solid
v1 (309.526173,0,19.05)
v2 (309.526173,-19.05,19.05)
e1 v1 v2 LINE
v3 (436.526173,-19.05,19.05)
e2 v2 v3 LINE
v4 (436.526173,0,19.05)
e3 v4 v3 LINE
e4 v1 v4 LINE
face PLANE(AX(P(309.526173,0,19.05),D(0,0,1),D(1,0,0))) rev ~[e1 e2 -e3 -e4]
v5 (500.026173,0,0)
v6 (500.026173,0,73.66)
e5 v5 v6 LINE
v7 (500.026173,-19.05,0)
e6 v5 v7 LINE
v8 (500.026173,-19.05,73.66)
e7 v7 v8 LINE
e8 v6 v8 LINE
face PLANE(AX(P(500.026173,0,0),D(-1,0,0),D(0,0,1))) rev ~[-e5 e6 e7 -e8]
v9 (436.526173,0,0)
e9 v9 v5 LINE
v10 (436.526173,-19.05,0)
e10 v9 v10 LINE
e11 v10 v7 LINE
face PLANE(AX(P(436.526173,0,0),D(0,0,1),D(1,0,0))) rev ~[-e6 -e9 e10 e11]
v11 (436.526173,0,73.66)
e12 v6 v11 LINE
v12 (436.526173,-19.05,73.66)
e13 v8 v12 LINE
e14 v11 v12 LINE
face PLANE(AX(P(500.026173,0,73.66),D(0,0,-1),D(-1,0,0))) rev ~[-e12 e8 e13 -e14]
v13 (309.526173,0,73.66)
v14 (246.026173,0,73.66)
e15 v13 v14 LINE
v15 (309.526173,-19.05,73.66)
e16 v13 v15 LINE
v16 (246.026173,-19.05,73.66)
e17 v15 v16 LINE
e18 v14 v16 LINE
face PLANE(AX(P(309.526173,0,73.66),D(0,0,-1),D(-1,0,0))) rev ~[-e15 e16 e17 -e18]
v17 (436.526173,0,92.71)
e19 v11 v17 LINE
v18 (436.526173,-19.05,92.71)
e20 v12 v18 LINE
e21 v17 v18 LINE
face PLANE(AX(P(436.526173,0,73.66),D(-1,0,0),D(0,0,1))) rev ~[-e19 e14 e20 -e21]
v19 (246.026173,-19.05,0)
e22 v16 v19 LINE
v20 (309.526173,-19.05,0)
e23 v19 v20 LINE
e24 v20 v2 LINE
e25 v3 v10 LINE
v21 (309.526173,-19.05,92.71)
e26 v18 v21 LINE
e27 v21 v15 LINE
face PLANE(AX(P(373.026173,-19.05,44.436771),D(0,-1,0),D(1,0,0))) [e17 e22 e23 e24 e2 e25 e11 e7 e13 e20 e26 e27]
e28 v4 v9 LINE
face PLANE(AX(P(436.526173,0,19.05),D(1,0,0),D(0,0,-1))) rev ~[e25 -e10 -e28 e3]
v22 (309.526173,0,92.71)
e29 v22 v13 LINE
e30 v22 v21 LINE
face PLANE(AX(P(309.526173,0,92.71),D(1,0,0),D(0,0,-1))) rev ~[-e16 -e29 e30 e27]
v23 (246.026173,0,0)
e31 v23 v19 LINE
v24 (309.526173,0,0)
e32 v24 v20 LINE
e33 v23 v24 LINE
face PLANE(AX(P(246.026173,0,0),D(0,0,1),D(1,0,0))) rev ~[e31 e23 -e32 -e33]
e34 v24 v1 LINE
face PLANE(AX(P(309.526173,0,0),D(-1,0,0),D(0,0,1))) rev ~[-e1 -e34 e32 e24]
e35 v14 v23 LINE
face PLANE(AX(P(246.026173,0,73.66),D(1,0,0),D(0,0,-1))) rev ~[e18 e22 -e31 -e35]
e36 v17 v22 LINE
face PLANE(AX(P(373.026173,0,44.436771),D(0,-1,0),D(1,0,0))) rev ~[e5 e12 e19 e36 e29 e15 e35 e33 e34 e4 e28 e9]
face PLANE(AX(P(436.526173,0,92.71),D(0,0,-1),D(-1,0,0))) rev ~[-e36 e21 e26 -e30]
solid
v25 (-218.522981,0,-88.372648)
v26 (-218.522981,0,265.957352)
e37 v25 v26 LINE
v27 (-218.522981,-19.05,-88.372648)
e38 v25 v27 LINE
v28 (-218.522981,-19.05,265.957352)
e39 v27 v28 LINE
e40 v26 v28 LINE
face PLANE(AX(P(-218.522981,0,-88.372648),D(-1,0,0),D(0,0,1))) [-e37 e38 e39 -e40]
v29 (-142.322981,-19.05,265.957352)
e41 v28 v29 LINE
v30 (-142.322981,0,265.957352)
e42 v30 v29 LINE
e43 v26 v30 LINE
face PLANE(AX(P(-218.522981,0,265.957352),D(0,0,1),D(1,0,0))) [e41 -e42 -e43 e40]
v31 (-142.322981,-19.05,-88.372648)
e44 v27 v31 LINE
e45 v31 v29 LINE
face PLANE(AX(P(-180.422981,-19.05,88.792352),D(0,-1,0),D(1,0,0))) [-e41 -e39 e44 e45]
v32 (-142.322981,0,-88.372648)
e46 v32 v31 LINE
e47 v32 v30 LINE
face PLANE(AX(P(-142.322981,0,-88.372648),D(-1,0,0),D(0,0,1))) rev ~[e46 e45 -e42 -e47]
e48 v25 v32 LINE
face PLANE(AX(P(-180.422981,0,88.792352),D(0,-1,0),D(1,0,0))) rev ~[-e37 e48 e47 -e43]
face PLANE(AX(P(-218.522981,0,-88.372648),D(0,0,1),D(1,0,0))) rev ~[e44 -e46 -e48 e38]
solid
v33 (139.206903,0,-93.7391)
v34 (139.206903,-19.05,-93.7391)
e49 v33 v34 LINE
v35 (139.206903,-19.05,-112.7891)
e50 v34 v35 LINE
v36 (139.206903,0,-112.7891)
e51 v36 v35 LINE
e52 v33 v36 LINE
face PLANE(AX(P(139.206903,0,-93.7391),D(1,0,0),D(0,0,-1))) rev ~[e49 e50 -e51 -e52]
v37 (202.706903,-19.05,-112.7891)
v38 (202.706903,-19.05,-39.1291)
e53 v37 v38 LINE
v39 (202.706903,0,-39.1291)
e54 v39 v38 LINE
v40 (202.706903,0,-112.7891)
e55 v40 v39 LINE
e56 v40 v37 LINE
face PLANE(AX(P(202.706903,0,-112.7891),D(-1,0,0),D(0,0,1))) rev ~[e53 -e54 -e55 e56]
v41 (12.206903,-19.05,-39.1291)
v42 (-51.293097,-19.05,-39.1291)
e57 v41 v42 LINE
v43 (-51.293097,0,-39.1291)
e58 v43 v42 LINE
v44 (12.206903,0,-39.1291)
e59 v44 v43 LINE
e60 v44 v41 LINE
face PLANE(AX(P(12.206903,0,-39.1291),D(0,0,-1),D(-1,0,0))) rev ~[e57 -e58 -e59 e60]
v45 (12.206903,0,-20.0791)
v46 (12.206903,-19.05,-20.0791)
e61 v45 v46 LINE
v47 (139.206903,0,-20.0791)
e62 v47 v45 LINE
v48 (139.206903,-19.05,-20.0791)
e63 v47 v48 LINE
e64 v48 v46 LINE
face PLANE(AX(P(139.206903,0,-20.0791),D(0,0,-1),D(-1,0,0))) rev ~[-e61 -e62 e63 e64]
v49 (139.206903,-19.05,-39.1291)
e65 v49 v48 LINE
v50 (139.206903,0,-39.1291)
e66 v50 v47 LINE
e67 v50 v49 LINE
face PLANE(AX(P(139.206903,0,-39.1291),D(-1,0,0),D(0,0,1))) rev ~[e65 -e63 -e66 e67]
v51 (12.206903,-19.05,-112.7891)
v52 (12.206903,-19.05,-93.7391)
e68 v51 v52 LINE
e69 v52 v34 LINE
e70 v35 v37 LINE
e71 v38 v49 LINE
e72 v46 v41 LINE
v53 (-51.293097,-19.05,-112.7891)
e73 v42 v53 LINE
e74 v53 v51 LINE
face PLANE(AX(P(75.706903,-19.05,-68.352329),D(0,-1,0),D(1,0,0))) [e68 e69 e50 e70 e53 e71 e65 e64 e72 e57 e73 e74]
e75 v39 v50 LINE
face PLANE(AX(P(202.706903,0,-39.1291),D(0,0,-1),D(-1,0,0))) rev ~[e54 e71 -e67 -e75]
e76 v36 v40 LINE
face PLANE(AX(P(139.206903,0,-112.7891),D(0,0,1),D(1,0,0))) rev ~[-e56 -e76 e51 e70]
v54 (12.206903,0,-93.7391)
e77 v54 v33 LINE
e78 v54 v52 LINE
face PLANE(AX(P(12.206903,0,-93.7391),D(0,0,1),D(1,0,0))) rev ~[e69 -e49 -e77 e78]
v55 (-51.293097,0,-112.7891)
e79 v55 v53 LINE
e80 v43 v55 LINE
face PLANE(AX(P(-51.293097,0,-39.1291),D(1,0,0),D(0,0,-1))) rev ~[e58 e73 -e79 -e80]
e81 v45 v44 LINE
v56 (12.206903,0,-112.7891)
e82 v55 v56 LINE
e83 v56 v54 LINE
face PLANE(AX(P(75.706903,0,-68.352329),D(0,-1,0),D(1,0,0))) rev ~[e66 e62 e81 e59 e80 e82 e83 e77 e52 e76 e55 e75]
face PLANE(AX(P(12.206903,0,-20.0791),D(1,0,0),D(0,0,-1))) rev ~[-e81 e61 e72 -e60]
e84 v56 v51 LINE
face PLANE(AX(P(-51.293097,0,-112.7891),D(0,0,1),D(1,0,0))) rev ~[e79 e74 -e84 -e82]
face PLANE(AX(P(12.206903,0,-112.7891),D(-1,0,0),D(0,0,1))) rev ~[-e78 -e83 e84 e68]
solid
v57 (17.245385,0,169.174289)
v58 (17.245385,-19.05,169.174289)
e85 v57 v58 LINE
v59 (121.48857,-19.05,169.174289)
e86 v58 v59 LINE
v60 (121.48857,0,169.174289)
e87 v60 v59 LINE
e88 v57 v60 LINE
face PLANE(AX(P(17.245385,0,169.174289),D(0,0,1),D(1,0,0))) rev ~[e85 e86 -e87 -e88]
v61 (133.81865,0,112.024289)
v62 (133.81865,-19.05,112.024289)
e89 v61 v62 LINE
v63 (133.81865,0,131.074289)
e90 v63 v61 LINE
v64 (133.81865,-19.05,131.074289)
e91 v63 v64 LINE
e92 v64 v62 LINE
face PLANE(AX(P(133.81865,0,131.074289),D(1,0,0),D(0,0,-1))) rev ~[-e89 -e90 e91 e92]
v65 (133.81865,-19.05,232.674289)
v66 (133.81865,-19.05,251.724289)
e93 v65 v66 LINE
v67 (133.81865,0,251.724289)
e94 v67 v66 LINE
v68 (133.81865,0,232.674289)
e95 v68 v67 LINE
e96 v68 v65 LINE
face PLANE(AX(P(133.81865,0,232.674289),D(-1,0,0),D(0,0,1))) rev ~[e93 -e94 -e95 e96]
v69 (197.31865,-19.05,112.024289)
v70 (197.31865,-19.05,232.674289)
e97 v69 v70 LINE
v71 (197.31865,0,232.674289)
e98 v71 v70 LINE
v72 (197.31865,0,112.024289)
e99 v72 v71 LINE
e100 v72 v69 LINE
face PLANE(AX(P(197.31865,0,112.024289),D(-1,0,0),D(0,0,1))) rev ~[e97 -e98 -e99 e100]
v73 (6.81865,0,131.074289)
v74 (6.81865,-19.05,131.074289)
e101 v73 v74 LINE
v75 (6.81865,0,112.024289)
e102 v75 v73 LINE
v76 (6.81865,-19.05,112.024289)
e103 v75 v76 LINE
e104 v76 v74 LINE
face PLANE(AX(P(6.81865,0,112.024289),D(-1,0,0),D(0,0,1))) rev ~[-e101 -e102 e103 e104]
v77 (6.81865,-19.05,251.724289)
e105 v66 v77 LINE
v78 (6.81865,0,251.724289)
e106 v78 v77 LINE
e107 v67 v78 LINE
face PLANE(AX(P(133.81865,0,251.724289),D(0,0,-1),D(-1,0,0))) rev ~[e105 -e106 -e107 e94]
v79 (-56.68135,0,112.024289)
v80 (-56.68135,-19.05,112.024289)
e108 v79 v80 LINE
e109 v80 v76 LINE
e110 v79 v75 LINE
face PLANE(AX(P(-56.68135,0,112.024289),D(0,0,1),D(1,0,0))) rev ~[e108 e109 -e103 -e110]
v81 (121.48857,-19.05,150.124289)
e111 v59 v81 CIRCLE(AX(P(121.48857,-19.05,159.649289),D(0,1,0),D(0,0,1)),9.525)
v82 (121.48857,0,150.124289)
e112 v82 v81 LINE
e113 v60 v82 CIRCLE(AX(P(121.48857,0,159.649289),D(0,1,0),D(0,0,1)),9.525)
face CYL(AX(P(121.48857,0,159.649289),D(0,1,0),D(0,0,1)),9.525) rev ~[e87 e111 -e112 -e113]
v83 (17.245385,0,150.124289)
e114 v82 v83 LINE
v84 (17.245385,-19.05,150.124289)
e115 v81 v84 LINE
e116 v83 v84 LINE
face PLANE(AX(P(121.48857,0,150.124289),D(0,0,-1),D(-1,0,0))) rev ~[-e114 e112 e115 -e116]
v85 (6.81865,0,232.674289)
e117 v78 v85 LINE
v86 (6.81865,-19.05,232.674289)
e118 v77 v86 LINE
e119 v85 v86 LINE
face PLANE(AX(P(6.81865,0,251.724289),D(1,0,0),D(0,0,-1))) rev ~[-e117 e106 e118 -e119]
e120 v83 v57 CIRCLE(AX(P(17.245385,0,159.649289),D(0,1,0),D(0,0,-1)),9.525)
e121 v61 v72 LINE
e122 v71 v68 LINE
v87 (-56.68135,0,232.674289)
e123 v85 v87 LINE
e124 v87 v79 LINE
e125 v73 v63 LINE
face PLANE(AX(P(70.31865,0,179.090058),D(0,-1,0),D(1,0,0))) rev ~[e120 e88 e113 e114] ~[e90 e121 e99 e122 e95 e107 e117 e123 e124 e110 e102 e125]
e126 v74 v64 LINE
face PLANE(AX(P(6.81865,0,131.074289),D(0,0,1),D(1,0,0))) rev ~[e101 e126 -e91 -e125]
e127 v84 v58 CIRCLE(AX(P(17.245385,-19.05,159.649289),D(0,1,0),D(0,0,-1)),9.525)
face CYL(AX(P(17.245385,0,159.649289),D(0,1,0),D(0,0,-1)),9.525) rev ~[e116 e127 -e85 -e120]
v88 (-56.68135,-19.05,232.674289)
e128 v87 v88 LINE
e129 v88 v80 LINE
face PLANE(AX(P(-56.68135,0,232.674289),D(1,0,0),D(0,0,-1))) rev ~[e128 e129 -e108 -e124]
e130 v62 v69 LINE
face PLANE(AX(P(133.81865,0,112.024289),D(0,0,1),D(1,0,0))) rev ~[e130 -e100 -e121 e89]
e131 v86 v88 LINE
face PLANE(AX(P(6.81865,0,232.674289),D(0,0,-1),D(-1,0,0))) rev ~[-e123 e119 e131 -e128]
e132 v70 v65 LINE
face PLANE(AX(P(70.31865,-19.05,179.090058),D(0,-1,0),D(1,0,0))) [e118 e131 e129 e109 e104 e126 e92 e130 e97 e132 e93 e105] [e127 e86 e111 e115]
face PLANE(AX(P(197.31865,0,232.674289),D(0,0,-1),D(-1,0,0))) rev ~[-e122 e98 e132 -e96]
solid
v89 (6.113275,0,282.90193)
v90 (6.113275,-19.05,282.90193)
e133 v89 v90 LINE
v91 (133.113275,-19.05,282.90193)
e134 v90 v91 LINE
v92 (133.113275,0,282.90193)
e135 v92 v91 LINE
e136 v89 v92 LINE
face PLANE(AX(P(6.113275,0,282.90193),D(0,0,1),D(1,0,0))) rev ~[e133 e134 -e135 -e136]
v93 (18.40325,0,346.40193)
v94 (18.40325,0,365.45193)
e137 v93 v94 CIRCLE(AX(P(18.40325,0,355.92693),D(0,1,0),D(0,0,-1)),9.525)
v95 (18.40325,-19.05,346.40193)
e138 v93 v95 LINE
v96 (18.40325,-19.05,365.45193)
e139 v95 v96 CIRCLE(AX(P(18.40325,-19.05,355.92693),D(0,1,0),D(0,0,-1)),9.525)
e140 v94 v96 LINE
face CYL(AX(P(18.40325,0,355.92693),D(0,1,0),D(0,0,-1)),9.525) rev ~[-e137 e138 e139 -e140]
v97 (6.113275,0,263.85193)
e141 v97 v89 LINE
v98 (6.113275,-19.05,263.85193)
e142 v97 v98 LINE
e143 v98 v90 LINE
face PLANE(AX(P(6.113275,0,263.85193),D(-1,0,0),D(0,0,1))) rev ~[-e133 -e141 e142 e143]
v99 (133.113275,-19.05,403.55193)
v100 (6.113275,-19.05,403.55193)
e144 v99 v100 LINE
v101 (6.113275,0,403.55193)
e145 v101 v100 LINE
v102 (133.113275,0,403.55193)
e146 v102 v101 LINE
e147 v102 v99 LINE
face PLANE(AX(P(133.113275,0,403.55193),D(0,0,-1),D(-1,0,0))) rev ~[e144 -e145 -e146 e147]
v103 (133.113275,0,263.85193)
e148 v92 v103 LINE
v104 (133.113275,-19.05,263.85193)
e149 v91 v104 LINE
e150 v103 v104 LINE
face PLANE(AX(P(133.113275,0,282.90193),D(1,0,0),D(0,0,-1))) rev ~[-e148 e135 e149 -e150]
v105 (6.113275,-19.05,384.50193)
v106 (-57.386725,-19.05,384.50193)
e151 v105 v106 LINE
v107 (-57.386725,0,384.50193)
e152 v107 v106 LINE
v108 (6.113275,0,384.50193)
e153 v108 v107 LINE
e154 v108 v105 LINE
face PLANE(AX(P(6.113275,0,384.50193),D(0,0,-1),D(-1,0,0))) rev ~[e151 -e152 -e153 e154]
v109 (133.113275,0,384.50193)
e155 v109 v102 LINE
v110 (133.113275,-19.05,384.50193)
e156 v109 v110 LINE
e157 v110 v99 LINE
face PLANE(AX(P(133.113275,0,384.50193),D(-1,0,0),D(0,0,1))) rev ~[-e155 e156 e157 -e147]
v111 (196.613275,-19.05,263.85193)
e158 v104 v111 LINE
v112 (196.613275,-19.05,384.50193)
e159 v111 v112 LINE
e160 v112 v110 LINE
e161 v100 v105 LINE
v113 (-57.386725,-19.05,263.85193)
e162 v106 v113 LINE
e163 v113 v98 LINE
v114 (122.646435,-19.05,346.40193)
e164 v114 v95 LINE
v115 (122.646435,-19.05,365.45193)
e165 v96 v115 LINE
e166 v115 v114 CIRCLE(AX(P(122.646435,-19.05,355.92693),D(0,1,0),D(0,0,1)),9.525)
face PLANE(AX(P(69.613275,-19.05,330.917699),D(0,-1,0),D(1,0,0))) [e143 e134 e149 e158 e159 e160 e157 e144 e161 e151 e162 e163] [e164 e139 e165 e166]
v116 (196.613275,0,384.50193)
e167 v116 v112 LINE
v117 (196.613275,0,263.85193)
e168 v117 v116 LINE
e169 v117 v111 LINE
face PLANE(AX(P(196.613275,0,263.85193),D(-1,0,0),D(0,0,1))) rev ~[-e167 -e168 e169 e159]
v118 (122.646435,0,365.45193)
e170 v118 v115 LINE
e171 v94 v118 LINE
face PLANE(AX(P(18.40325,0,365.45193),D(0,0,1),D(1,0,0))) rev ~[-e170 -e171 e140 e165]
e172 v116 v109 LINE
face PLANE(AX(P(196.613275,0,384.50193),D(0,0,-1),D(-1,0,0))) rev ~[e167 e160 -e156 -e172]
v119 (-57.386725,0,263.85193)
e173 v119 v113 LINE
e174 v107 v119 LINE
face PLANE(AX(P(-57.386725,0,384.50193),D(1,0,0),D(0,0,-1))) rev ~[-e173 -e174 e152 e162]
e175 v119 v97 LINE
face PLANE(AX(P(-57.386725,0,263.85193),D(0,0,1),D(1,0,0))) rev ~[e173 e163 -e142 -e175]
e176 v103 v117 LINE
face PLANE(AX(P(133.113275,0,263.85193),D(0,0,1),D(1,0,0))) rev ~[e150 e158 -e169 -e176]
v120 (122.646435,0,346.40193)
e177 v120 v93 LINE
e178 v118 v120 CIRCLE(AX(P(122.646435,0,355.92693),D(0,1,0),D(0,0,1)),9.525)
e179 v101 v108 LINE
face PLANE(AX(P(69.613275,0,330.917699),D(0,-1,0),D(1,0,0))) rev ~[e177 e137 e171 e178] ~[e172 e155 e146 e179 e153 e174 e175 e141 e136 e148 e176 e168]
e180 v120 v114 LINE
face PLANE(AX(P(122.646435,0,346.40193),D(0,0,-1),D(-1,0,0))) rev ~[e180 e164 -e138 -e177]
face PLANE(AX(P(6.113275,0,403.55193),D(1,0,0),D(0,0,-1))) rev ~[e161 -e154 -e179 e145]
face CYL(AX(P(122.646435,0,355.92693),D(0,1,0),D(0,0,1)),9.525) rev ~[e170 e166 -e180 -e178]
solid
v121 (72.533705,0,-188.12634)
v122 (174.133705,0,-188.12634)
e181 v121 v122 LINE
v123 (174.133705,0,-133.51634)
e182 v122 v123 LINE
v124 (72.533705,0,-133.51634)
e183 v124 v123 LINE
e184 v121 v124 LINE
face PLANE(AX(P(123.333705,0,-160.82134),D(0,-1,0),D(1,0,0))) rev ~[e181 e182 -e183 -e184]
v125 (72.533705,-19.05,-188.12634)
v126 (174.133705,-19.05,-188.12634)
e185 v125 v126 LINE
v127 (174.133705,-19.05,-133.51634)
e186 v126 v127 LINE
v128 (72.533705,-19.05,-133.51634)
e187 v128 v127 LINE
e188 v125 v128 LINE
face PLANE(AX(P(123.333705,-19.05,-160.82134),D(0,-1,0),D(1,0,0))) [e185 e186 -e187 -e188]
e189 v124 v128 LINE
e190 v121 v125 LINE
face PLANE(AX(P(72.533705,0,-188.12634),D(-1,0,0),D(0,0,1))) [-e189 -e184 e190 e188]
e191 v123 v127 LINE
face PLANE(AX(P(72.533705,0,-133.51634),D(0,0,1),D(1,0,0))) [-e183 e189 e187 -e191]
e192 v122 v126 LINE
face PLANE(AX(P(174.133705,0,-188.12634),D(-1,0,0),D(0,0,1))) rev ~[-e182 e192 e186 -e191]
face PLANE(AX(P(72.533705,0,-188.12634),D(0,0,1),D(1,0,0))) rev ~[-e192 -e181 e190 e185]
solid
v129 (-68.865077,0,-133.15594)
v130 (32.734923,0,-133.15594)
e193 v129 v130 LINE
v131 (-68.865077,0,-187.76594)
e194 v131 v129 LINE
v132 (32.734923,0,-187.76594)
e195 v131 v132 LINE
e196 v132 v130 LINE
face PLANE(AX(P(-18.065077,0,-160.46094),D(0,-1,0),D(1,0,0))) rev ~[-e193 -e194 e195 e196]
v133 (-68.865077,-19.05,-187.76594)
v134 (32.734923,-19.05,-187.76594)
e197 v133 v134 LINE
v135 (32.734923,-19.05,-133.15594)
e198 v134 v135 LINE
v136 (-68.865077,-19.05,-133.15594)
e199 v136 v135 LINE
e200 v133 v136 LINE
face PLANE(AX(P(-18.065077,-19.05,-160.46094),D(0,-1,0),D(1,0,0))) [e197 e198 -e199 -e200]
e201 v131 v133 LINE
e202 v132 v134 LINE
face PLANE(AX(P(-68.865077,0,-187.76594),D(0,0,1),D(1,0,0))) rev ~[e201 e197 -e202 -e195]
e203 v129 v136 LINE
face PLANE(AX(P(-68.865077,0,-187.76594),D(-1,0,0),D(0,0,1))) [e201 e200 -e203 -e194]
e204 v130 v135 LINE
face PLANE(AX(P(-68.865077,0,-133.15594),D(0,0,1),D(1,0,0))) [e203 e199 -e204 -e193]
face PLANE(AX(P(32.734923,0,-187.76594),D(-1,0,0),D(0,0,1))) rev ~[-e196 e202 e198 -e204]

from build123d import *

# Parameters (mm, degrees)
F0_W     = 76.2
F0_H     = 354.33
F1_DEPTH = 19.05
F0_W_2   = 101.6
F0_H_2   = 54.61
F2_DEPTH = 19.05


with BuildPart() as f1:
    # F0 (on Front) → F1 (new body)
    with BuildSketch(Plane.XZ):
        with Locations((-180.422981, 88.792352)):
            Rectangle(F0_W, F0_H)
    extrude(amount=F1_DEPTH)


with BuildPart() as f2:
    # F0 (on Front) → F2 (new body)
    with BuildSketch(Plane.XZ):
        Polygon((196.613275, 263.85193), (196.613275, 384.50193), (133.113275, 384.50193), (133.113275, 403.55193), (6.113275, 403.55193), (6.113275, 384.50193), (-57.386725, 384.50193), (-57.386725, 263.85193), (6.113275, 263.85193), (6.113275, 282.90193), (133.113275, 282.90193), (133.113275, 263.85193), align=None)
        with BuildLine():
            ThreePointArc((18.40325, 346.40193), (8.87825, 355.92693), (18.40325, 365.45193))
            Line((18.40325, 365.45193), (122.646435, 365.45193))
            ThreePointArc((122.646435, 365.45193), (132.171435, 355.92693), (122.646435, 346.40193))
            Line((122.646435, 346.40193), (18.40325, 346.40193))
        make_face(mode=Mode.SUBTRACT)
        Polygon((197.31865, 112.024289), (197.31865, 232.674289), (133.81865, 232.674289), (133.81865, 251.724289), (6.81865, 251.724289), (6.81865, 232.674289), (-56.68135, 232.674289), (-56.68135, 112.024289), (6.81865, 112.024289), (6.81865, 131.074289), (133.81865, 131.074289), (133.81865, 112.024289), align=None)
        with BuildLine():
            ThreePointArc((17.245385, 150.124289), (7.720385, 159.649289), (17.245385, 169.174289))
            Line((17.245385, 169.174289), (121.48857, 169.174289))
            ThreePointArc((121.48857, 169.174289), (131.01357, 159.649289), (121.48857, 150.124289))
            Line((121.48857, 150.124289), (17.245385, 150.124289))
        make_face(mode=Mode.SUBTRACT)
        Polygon((500.026173, 0), (500.026173, 73.66), (436.526173, 73.66), (436.526173, 92.71), (309.526173, 92.71), (309.526173, 73.66), (246.026173, 73.66), (246.026173, 0), (309.526173, 0), (309.526173, 19.05), (436.526173, 19.05), (436.526173, 0), align=None)
        Polygon((202.706903, -112.7891), (202.706903, -39.1291), (139.206903, -39.1291), (139.206903, -20.0791), (12.206903, -20.0791), (12.206903, -39.1291), (-51.293097, -39.1291), (-51.293097, -112.7891), (12.206903, -112.7891), (12.206903, -93.7391), (139.206903, -93.7391), (139.206903, -112.7891), align=None)
        with Locations((123.333705, -160.82134)):
            Rectangle(F0_W_2, F0_H_2)
        with Locations((-18.065077, -160.46094)):
            Rectangle(F0_W_2, F0_H_2)
    extrude(amount=F2_DEPTH)


solid = Compound([f1.part, f2.part])
